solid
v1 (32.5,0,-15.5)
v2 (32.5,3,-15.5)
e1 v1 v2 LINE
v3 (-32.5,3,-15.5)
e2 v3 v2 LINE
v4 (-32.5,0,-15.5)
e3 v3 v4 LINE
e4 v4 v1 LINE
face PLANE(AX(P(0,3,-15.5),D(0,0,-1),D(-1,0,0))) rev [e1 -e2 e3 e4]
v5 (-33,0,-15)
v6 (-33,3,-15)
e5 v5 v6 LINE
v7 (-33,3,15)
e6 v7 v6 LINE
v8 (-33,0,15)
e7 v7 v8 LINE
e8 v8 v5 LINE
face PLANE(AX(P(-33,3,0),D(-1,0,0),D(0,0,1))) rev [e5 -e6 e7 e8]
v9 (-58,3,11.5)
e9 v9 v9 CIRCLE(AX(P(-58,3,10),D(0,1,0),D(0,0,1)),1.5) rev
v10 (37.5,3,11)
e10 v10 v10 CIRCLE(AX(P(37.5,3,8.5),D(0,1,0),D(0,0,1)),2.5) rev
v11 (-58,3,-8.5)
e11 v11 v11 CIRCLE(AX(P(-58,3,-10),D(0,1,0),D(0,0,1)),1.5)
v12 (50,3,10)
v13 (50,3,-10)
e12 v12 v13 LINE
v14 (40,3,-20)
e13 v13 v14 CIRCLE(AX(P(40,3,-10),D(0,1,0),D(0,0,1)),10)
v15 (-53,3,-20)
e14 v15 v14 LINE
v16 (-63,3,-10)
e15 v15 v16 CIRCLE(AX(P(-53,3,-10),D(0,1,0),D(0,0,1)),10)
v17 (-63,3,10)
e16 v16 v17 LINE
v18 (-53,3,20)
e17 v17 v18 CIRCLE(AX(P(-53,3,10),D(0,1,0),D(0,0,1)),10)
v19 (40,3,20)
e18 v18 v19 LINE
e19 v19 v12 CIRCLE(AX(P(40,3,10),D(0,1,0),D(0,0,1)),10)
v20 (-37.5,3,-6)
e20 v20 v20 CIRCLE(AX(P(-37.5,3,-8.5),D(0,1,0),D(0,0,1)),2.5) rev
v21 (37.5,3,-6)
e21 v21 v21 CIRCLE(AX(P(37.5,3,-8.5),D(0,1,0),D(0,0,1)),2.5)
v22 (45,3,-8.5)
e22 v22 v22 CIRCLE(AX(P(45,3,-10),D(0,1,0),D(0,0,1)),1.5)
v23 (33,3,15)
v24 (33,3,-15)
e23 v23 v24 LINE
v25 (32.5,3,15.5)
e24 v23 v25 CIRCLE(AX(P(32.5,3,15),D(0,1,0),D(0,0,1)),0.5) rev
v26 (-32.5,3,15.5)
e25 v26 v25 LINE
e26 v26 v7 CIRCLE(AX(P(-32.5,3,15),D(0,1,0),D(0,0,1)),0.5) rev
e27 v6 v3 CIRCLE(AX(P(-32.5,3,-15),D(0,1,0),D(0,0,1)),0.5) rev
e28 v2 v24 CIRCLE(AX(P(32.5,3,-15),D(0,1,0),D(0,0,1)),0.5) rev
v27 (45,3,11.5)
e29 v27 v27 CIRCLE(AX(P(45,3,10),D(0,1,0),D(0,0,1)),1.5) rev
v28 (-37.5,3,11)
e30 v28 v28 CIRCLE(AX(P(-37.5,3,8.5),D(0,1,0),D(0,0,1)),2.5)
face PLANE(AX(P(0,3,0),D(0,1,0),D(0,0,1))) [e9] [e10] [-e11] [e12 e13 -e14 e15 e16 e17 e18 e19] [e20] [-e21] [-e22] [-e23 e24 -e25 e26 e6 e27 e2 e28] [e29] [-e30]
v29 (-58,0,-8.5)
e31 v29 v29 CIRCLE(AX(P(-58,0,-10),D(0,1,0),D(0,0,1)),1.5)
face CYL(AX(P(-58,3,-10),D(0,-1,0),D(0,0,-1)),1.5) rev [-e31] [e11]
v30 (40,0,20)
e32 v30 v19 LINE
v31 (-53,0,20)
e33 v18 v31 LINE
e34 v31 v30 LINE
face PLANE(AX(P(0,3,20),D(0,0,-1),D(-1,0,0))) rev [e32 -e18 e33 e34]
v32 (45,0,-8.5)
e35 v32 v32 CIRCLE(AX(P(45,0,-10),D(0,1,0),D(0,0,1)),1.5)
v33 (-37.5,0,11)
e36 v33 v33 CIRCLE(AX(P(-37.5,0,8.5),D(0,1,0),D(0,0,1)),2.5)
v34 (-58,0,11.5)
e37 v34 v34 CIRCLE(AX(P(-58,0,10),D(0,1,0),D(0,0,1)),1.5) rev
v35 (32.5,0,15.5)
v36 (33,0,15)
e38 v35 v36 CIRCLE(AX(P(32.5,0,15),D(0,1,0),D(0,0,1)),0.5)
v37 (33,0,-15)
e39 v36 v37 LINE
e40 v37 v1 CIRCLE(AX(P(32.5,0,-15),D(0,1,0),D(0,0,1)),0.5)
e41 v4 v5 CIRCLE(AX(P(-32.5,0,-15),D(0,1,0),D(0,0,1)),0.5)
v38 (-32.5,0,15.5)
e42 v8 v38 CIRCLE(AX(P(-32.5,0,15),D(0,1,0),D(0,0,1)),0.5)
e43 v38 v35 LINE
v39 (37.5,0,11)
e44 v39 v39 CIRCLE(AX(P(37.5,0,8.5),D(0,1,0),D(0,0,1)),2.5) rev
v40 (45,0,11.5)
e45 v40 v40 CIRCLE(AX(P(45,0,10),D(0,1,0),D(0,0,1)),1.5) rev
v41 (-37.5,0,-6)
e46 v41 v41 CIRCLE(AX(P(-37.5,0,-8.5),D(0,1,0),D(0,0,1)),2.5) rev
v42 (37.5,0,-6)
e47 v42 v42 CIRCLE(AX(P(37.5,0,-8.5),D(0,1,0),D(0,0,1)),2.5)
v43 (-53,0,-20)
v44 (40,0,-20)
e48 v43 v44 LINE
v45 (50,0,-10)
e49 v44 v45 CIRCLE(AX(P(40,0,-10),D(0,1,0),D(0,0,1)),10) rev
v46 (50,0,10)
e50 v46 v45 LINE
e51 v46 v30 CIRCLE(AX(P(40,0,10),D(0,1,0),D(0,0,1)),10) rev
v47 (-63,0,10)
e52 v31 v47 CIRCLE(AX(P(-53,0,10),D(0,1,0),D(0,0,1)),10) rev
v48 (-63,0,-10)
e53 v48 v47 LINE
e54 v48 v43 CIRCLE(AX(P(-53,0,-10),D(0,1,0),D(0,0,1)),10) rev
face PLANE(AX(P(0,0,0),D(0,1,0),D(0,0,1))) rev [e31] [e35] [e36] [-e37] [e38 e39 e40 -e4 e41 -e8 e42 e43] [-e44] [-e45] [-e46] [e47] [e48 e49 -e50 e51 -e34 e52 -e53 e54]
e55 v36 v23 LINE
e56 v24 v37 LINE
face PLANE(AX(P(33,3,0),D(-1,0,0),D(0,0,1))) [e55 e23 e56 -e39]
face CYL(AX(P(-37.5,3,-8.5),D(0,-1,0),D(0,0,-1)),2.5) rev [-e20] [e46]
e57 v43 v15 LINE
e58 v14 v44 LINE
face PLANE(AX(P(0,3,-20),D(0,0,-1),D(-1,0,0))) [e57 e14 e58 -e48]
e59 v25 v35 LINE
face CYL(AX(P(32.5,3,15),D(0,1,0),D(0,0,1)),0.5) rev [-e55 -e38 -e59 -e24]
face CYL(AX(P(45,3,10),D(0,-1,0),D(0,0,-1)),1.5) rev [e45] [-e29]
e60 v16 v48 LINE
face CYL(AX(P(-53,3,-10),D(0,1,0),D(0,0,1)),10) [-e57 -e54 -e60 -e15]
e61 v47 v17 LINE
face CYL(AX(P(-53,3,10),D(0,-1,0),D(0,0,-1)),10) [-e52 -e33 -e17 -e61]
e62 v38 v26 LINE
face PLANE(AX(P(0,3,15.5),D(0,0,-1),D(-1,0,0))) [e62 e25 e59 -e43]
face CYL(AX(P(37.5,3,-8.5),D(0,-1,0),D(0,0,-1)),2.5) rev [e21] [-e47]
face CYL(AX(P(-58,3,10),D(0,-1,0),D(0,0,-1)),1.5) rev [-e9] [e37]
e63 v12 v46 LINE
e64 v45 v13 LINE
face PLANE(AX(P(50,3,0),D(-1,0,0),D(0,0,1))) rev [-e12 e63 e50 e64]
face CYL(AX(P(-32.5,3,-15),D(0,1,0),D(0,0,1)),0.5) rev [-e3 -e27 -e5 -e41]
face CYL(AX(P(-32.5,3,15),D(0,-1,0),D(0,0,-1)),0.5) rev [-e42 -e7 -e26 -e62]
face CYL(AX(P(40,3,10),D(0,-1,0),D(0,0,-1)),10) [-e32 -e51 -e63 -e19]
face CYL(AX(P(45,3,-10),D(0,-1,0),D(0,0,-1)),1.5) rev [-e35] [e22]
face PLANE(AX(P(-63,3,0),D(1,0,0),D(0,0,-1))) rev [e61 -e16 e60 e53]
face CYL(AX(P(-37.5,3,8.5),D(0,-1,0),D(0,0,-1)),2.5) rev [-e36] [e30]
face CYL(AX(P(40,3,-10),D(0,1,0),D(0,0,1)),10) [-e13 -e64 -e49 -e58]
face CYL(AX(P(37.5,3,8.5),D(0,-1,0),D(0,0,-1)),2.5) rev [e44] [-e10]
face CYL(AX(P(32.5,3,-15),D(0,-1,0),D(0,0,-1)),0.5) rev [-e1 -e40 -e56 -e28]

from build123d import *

# Parameters (mm, degrees)
SKETCH_1_W      = 100
SKETCH_1_H      = 40
SKETCH_1_R      = 2.5
SKETCH_1_R_2    = 1.5
SKETCH_1_W_2    = 66
SKETCH_1_H_2    = 31
SKETCH_1_W_3    = 13
EXTRUDE_1_DEPTH = 3
FILLET_1_R      = 0.5
FILLET_2_R      = 10


with BuildPart() as part:
    # 草图1 → 凸台-拉伸1 (new body)
    # profile 1 of 2: a face of its own
    with BuildSketch(Plane(origin=(0, 0, 0), x_dir=(1, 0, 0), z_dir=(0, 1, 0))):
        Rectangle(SKETCH_1_W, SKETCH_1_H)
        with Locations(Location((-37.5, 8.5, 0), (0, 0, 270))):
            Circle(SKETCH_1_R, mode=Mode.SUBTRACT)
        with Locations(Location((-37.5, -8.5, 0), (0, 0, 270))):
            Circle(SKETCH_1_R, mode=Mode.SUBTRACT)
        with Locations(Location((37.5, 8.5, 0), (0, 0, 270))):
            Circle(SKETCH_1_R, mode=Mode.SUBTRACT)
        with Locations(Location((37.5, -8.5, 0), (0, 0, 270))):
            Circle(SKETCH_1_R, mode=Mode.SUBTRACT)
        with Locations(Location((45, 10, 0), (0, 0, 270))):
            Circle(SKETCH_1_R_2, mode=Mode.SUBTRACT)
        with Locations(Location((45, -10, 0), (0, 0, 270))):
            Circle(SKETCH_1_R_2, mode=Mode.SUBTRACT)
        Rectangle(SKETCH_1_W_2, SKETCH_1_H_2, mode=Mode.SUBTRACT)
    # profile 2 of 2: a face of its own
    with BuildSketch(Plane(origin=(0, 0, 0), x_dir=(1, 0, 0), z_dir=(0, 1, 0))):
        with Locations((-56.5, 0)):
            Rectangle(SKETCH_1_W_3, SKETCH_1_H)
        with Locations(Location((-58, 10, 0), (0, 0, 270))):
            Circle(SKETCH_1_R_2, mode=Mode.SUBTRACT)
        with Locations(Location((-58, -10, 0), (0, 0, 270))):
            Circle(SKETCH_1_R_2, mode=Mode.SUBTRACT)
    extrude(amount=EXTRUDE_1_DEPTH)

    # 圆角1
    fillet_1_edges = [part.edges().sort_by_distance(p)[0] for p in [
        (33, 1.5, -15.5),
        (-33, 1.5, -15.5),
        (-33, 1.5, 15.5),
        (33, 1.5, 15.5),
    ]]
    fillet(fillet_1_edges, radius=FILLET_1_R)

    # 圆角2
    fillet_2_edges = [part.edges().sort_by_distance(p)[0] for p in [
        (-63, 1.5, 20),
        (-63, 1.5, -20),
        (50, 1.5, -20),
        (50, 1.5, 20),
    ]]
    fillet(fillet_2_edges, radius=FILLET_2_R)


solid = part.part
